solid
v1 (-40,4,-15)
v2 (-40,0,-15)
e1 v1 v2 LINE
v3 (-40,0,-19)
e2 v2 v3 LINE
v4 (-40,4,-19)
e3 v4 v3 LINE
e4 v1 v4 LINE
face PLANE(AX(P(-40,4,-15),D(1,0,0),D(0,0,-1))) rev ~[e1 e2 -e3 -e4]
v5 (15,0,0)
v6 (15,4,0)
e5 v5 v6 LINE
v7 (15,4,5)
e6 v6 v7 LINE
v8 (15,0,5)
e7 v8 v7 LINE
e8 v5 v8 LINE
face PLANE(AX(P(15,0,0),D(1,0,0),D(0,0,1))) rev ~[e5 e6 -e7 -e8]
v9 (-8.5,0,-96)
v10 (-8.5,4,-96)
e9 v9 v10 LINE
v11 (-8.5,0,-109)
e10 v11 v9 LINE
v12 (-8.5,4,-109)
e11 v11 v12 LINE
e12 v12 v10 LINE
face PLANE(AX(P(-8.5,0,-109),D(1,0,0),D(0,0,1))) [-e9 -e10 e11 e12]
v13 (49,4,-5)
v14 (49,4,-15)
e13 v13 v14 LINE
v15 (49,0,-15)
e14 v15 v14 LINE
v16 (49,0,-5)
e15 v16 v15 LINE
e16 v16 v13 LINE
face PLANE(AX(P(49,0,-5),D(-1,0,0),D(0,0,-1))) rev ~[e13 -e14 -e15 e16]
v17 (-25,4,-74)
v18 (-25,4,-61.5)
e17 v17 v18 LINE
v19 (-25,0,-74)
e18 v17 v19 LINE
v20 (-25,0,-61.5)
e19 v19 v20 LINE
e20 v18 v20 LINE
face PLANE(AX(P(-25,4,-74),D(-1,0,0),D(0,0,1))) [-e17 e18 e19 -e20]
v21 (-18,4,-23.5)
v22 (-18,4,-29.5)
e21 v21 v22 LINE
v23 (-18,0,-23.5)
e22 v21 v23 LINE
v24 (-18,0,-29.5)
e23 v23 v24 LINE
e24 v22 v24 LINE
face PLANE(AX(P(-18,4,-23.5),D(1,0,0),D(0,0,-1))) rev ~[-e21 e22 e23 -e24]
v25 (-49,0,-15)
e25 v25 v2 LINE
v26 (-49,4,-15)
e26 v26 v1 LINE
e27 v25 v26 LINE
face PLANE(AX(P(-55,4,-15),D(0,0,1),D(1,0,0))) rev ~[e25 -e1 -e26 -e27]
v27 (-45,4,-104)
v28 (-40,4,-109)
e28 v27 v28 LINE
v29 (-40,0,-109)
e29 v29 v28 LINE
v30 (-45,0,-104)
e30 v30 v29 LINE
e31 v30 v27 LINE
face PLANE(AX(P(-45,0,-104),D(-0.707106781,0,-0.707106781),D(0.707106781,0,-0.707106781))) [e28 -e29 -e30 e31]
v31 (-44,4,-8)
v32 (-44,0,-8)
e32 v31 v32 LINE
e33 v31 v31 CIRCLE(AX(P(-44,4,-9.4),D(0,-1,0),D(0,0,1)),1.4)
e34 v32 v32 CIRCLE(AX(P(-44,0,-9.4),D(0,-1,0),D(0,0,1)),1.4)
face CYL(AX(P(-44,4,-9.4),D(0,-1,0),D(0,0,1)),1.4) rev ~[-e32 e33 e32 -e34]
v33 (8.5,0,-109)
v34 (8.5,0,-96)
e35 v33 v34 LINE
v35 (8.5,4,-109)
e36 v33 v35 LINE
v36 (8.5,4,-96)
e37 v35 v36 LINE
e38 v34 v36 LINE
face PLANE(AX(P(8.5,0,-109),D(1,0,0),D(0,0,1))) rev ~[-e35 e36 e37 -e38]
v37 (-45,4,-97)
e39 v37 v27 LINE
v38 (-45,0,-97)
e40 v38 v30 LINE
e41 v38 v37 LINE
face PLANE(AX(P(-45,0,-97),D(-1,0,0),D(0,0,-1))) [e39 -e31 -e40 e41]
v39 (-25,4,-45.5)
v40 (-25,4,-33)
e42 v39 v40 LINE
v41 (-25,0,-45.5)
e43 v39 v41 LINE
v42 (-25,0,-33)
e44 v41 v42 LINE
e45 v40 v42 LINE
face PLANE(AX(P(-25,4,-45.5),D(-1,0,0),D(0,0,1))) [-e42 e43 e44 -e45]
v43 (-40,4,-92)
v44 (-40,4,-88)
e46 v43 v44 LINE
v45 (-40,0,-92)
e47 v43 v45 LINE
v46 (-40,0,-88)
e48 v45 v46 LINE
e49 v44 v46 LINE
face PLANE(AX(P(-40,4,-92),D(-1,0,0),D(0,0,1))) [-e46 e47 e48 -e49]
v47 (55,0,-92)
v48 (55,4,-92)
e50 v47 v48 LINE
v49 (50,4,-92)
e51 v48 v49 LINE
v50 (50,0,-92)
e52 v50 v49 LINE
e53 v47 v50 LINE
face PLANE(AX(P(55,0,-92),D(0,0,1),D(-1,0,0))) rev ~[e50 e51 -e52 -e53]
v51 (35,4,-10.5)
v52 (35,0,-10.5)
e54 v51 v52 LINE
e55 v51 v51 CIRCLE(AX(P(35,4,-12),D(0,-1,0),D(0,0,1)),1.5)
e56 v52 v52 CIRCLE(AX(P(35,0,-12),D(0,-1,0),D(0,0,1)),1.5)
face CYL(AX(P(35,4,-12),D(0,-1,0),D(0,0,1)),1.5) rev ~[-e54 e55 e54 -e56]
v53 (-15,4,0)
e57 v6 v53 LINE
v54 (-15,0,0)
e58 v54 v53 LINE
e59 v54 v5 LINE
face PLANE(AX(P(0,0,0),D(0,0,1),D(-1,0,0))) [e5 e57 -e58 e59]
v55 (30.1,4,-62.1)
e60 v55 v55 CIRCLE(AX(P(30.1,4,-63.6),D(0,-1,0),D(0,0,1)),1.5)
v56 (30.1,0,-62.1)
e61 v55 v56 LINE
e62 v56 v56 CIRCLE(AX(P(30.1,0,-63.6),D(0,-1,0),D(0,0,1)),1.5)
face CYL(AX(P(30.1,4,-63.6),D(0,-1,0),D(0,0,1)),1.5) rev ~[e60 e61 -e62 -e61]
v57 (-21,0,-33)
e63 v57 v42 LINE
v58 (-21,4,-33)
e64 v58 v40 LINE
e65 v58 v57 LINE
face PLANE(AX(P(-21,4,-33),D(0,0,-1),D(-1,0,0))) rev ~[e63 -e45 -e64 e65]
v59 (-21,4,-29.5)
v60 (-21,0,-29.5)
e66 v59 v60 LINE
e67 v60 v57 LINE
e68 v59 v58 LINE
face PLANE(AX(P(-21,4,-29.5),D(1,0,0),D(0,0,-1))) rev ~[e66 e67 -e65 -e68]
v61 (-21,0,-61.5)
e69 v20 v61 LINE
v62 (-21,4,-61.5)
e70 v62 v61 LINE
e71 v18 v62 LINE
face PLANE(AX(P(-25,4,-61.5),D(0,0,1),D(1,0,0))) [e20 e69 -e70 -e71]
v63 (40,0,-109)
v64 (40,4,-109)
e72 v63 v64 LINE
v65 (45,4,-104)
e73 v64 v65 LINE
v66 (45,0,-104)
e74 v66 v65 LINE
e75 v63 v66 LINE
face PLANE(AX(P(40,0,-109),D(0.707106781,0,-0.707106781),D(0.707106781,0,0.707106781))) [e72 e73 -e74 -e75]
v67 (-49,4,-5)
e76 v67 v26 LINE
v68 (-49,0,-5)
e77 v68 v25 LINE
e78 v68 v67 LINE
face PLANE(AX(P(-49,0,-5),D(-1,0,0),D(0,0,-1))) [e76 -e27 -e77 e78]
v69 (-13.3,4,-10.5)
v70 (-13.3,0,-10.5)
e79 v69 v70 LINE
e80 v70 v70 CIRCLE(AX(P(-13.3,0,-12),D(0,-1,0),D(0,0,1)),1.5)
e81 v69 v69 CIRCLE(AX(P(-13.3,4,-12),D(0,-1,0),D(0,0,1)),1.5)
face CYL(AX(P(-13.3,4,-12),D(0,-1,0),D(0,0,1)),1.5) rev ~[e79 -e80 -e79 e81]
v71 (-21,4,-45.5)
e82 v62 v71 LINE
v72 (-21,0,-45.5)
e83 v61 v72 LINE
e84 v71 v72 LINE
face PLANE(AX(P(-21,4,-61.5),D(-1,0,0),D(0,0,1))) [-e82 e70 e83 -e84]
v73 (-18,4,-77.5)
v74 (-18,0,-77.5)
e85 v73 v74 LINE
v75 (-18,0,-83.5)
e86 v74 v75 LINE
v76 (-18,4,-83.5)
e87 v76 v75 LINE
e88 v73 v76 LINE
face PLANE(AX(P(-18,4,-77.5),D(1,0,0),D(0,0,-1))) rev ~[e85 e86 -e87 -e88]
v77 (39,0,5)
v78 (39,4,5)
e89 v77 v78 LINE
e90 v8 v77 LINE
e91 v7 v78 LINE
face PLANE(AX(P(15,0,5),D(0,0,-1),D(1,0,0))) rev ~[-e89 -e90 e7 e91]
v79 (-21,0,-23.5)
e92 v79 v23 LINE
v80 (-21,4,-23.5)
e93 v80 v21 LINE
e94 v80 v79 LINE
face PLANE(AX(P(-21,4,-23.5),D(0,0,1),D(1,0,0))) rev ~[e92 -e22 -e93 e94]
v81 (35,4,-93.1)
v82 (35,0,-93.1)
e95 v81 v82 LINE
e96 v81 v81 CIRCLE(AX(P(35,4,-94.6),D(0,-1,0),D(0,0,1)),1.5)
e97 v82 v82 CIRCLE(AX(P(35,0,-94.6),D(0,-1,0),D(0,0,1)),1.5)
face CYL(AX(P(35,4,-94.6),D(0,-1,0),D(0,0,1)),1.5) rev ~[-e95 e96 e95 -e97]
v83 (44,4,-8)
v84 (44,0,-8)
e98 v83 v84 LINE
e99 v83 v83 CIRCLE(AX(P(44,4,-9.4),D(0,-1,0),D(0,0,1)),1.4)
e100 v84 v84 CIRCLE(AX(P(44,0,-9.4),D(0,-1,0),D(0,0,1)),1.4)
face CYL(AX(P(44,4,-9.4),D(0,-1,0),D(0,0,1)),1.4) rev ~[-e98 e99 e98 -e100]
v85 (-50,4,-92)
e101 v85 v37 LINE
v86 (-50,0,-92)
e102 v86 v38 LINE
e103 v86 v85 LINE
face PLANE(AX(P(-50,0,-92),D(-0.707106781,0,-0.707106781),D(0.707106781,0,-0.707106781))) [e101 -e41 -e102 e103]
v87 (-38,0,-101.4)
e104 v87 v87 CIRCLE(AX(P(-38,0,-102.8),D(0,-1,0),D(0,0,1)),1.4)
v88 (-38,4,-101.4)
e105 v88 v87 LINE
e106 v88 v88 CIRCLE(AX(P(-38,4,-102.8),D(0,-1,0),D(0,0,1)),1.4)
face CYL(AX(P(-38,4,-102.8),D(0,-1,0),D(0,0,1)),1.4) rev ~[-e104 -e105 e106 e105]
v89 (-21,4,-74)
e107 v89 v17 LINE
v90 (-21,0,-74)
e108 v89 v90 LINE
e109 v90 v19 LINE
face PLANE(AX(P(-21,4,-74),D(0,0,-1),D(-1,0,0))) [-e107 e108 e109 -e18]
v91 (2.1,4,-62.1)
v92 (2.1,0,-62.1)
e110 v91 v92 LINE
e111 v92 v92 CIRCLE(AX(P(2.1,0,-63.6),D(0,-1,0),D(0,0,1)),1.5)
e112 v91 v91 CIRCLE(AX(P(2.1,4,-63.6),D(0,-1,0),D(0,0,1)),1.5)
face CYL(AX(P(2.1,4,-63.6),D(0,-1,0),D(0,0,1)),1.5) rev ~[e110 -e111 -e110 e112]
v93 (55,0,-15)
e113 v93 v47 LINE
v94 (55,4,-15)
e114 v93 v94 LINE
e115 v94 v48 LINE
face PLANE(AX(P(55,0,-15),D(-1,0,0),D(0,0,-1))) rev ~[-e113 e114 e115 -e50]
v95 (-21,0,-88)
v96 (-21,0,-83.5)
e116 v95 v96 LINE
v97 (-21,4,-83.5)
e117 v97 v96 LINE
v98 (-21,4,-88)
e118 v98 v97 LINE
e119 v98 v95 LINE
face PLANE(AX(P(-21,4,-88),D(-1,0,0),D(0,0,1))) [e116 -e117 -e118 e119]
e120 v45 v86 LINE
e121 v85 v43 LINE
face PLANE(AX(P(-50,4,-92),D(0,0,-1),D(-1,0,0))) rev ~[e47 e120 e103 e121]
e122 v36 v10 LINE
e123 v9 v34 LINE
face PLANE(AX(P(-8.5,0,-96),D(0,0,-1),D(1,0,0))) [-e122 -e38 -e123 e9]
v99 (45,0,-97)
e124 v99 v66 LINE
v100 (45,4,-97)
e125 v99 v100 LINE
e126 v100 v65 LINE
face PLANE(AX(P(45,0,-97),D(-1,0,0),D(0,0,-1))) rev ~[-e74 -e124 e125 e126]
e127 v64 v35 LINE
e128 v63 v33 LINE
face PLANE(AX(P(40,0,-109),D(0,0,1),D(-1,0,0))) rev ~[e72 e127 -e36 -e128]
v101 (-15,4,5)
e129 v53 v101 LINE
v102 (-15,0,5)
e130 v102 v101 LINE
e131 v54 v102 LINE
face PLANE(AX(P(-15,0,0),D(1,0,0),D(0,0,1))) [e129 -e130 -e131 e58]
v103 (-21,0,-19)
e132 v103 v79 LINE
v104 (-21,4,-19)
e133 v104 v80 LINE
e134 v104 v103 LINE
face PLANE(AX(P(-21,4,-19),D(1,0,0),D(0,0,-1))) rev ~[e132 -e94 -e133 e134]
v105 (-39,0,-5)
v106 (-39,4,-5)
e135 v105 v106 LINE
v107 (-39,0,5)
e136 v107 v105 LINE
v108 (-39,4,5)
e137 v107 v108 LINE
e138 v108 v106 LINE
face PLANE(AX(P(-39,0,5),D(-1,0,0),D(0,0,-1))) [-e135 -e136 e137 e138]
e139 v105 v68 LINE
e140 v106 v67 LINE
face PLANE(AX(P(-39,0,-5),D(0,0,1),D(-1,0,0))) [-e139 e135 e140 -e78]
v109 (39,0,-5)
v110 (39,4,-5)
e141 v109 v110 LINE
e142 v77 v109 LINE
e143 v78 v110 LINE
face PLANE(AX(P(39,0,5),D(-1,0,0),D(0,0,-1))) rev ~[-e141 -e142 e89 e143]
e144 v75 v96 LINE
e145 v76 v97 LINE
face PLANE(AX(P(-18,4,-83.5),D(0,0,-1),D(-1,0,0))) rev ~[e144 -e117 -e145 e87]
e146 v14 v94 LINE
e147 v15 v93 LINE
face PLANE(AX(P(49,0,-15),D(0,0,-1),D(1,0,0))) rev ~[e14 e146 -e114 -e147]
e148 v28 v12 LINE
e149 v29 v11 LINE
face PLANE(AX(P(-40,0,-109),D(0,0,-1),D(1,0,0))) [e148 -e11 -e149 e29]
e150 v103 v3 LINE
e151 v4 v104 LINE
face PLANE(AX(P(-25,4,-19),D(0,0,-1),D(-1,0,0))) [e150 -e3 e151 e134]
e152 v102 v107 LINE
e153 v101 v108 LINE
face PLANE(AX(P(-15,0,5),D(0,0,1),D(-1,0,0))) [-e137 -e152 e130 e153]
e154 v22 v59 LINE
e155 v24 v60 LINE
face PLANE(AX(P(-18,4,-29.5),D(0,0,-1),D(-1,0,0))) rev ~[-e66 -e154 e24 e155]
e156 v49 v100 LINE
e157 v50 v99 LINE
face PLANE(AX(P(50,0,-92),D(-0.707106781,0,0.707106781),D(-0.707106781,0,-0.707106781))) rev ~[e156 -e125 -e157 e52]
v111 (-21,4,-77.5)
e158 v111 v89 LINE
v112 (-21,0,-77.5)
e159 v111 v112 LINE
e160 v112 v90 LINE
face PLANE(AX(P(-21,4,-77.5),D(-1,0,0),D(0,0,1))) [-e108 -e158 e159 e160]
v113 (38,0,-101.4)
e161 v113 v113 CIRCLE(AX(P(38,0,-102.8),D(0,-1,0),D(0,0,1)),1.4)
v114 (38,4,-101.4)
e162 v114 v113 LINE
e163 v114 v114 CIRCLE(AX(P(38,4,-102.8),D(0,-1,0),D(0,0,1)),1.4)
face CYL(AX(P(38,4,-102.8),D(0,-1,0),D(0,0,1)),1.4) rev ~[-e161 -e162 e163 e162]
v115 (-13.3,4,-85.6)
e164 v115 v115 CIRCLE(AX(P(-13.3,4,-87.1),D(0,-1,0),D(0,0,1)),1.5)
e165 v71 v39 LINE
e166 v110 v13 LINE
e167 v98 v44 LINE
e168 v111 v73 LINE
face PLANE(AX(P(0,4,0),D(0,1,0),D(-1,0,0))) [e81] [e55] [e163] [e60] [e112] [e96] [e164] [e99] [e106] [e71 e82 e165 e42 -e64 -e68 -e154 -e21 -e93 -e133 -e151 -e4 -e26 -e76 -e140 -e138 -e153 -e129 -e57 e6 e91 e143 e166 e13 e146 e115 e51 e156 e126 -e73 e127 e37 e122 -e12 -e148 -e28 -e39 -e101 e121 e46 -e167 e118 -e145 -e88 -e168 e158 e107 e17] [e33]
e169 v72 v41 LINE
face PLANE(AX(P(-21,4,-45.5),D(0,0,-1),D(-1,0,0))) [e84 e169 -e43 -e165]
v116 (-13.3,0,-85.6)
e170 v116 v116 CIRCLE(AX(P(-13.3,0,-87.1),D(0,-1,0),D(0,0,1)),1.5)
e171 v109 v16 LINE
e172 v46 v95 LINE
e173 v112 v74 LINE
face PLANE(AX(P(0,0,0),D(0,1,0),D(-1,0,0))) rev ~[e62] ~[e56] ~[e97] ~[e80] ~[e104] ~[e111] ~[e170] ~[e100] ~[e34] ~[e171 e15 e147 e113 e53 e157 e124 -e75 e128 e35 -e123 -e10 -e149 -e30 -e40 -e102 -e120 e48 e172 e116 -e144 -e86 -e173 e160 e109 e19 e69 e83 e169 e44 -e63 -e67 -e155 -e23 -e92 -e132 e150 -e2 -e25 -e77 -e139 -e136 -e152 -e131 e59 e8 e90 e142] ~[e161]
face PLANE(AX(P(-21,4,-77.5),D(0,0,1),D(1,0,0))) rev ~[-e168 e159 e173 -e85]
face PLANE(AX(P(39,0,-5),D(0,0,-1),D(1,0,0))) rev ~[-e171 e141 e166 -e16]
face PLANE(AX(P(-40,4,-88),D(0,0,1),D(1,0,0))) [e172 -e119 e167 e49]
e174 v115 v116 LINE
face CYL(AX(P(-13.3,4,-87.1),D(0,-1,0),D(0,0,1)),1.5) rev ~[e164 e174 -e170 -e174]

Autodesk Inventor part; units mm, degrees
ref_plane "YZ Plane" through (0, 0, 0) normal (1, 0, 0) x (0, 1, 0)
ref_plane "XZ Plane" through (0, 0, 0) normal (0, 1, 0) x (-1, 0, 0)
ref_plane "XY Plane" through (0, 0, 0) normal (0, 0, 1) x (1, 0, 0)
sketch "Эскиз1" plane through (0, 0, 0) normal (0, 1, 0) x (-1, 0, 0)
  line L0 (0, 0) -> (0, -96)
  line L1 (0, 0) -> (15, 0)
  line L2 (15, 0) -> (15, 5)
  line L3 (15, 5) -> (39, 5)
  line L4 (39, 5) -> (39, -5)
  line L5 (39, -5) -> (49, -5)
  line L6 (49, -5) -> (49, -15)
  line L7 (49, -15) -> (55, -15)
  line L8 (55, -15) -> (55, -92)
  line L9 (55, -92) -> (50, -92)
  line L10 (50, -92) -> (45, -97)
  line L11 (45, -97) -> (45, -104)
  line L12 (0, 0) -> (-15, 0)
  line L13 (-15, 0) -> (-15, 5)
  line L14 (-15, 5) -> (-39, 5)
  line L15 (-39, 5) -> (-39, -5)
  line L16 (-39, -5) -> (-49, -5)
  line L17 (-49, -5) -> (-49, -15)
  line L18 (-49, -15) -> (-55, -15)
  line L19 (-55, -15) -> (-55, -92)
  line L20 (-55, -92) -> (-50, -92)
  line L21 (-50, -92) -> (-45, -97)
  line L22 (-45, -97) -> (-45, -104)
  line L23 (45, -104) -> (40, -109)
  line L24 (-40, -109) -> (-45, -104)
  line L25 (40, -109) -> (8.5, -109)
  line L26 (8.5, -109) -> (8.5, -96)
  line L27 (8.5, -96) -> (0, -96)
  line L28 (-40, -109) -> (-8.5, -109)
  line L29 (-8.5, -109) -> (-8.5, -96)
  line L30 (-8.5, -96) -> (0, -96)
  point P0 (45, -109)
  point P1 (-45, -109)
  dimension "d0" = 30
  dimension "d1" = 78
  dimension "d2" = 10
  dimension "d3" = 10
  dimension "d4" = 10
  dimension "d5" = 6
  dimension "d6" = 97
  dimension "d7" = 100
  dimension "d8" = 45
  dimension "d10" = 5
  dimension "d11" = 12
  dimension "d26" = 5
  dimension "d27" = 5
  dimension "d28" = 5
  dimension "d29" = 5
  dimension "d30" = 114
  dimension "d31" = 135
  dimension "d32" = 17
  dimension "d33" = 13
extrude "Выдавливание1" add sketch "Эскиз1" along normal blind 4
sketch "Эскиз2" plane through (0, 4, 0) normal (0, 1, 0) x (1, 0, 0)
  line L0 (0, 0) -> (0, 94.8396)
  line L1 (49, 5) -> (49, 15) projected
  line L2 (39, 5) -> (49, 5) projected
  line L3 (-39, -5) -> (-15, -5) projected
  line L4 (55, 15) -> (55, 92) projected
  line L5 (55, 92) -> (50, 92) projected
  line L6 (-55, 92) -> (-55, 15) projected
  line L7 (-55, 15) -> (-49, 15) projected
  point P0 (-38, 102.8)
  point P1 (38, 102.8)
  point P2 (44, 9.4)
  point P3 (-44, 9.4)
  dimension "d21" = 5
  dimension "d22" = 4.4
  dimension "d24" = 107.8
  dimension "d25" = 76
hole "Отверстие1" at (-38, 4, -102.8) at (38, 4, -102.8) at (44, 4, -9.4) at (-44, 4, -9.4) direction (0, -1, 0) diameter 2.8 end through all
sketch "Эскиз4" plane through (0, 4, 0) normal (0, 1, 0) x (1, 0, 0)
  line L0 (-55, 92) -> (-55, 15) projected
  line L1 (-55, 88) -> (-25, 88)
  line L2 (-25, 88) -> (-25, 19)
  line L3 (-25, 19) -> (-55, 19)
  line L4 (-55, 19) -> (-55, 88)
  line L5 (-25, 88) -> (-21, 88)
  line L6 (-21, 88) -> (-21, 74)
  line L7 (-21, 74) -> (-25, 74)
  line L8 (-25, 61.5) -> (-21, 61.5)
  line L9 (-21, 61.5) -> (-21, 45.5)
  line L10 (-21, 45.5) -> (-25, 45.5)
  line L11 (-55, 53.5) -> (-25, 53.5) construction
  line L12 (-25, 19) -> (-21, 19)
  line L13 (-21, 19) -> (-21, 33)
  line L14 (-21, 33) -> (-25, 33)
  line L15 (-25, 33) -> (-25, 19)
  line L16 (-50, 92) -> (-55, 92) projected
  line L17 (-55, 92) -> (-40, 92)
  line L18 (-40, 92) -> (-40, 88)
  line L19 (-40, 88) -> (-55, 88)
  line L20 (-55, 88) -> (-55, 92)
  line L21 (-55, 15) -> (-40, 15)
  line L22 (-40, 15) -> (-40, 19)
  line L23 (-40, 19) -> (-55, 19)
  line L24 (-55, 19) -> (-55, 15)
  line L25 (-21, 23.5) -> (-18, 23.5)
  line L26 (-18, 23.5) -> (-18, 29.5)
  line L27 (-18, 29.5) -> (-21, 29.5)
  line L28 (-21, 29.5) -> (-21, 23.5)
  line L29 (-21, 77.5) -> (-18, 77.5)
  line L30 (-18, 77.5) -> (-18, 83.5)
  line L31 (-18, 83.5) -> (-21, 83.5)
  line L32 (-21, 83.5) -> (-21, 77.5)
  point P0 (0, 0)
  point P1 (-21, 53.5)
  point P2 (-18, 80.5)
  point P3 (-18, 26.5)
  dimension "d48" = 30
  dimension "d50" = 14
  dimension "d51" = 16
  dimension "d52" = 4
  dimension "d55" = 4
  dimension "d56" = 15
  dimension "d57" = 54
  dimension "d58" = 6
  dimension "d59" = 3
extrude "Выдавливание2" cut sketch "Эскиз4" against normal through all
sketch "Эскиз5" plane through (0, 4, 0) normal (0, 1, 0) x (1, 0, 0)
  line L0 (55, 15) -> (55, 92) projected
  line L1 (15, -5) -> (39, -5) projected
  point P0 (0, 0)
  point P1 (-13.3, 12)
  point P2 (35, 12)
  point P3 (35, 94.6)
  point P4 (-13.3, 87.1)
  point P5 (2.1, 63.6)
  point P6 (30.1, 63.6)
  dimension "d67" = 48.3
  dimension "d68" = 82.6
  dimension "d69" = 75.1
  dimension "d70" = 28
  dimension "d71" = 4.9
  dimension "d72" = 20
  dimension "d73" = 17
  dimension "d74" = 51.6
hole "Отверстие2" at (-13.3, 4, -12) at (35, 4, -12) at (35, 4, -94.6) at (-13.3, 4, -87.1) at (2.1, 4, -63.6) at (30.1, 4, -63.6) direction (0, -1, 0) diameter 3 end through all
equation "\"d27\" = d26"
equation "\"d28\" = d26"
equation "\"d29\" = d28"
properties part number "ElectronicPlate"
